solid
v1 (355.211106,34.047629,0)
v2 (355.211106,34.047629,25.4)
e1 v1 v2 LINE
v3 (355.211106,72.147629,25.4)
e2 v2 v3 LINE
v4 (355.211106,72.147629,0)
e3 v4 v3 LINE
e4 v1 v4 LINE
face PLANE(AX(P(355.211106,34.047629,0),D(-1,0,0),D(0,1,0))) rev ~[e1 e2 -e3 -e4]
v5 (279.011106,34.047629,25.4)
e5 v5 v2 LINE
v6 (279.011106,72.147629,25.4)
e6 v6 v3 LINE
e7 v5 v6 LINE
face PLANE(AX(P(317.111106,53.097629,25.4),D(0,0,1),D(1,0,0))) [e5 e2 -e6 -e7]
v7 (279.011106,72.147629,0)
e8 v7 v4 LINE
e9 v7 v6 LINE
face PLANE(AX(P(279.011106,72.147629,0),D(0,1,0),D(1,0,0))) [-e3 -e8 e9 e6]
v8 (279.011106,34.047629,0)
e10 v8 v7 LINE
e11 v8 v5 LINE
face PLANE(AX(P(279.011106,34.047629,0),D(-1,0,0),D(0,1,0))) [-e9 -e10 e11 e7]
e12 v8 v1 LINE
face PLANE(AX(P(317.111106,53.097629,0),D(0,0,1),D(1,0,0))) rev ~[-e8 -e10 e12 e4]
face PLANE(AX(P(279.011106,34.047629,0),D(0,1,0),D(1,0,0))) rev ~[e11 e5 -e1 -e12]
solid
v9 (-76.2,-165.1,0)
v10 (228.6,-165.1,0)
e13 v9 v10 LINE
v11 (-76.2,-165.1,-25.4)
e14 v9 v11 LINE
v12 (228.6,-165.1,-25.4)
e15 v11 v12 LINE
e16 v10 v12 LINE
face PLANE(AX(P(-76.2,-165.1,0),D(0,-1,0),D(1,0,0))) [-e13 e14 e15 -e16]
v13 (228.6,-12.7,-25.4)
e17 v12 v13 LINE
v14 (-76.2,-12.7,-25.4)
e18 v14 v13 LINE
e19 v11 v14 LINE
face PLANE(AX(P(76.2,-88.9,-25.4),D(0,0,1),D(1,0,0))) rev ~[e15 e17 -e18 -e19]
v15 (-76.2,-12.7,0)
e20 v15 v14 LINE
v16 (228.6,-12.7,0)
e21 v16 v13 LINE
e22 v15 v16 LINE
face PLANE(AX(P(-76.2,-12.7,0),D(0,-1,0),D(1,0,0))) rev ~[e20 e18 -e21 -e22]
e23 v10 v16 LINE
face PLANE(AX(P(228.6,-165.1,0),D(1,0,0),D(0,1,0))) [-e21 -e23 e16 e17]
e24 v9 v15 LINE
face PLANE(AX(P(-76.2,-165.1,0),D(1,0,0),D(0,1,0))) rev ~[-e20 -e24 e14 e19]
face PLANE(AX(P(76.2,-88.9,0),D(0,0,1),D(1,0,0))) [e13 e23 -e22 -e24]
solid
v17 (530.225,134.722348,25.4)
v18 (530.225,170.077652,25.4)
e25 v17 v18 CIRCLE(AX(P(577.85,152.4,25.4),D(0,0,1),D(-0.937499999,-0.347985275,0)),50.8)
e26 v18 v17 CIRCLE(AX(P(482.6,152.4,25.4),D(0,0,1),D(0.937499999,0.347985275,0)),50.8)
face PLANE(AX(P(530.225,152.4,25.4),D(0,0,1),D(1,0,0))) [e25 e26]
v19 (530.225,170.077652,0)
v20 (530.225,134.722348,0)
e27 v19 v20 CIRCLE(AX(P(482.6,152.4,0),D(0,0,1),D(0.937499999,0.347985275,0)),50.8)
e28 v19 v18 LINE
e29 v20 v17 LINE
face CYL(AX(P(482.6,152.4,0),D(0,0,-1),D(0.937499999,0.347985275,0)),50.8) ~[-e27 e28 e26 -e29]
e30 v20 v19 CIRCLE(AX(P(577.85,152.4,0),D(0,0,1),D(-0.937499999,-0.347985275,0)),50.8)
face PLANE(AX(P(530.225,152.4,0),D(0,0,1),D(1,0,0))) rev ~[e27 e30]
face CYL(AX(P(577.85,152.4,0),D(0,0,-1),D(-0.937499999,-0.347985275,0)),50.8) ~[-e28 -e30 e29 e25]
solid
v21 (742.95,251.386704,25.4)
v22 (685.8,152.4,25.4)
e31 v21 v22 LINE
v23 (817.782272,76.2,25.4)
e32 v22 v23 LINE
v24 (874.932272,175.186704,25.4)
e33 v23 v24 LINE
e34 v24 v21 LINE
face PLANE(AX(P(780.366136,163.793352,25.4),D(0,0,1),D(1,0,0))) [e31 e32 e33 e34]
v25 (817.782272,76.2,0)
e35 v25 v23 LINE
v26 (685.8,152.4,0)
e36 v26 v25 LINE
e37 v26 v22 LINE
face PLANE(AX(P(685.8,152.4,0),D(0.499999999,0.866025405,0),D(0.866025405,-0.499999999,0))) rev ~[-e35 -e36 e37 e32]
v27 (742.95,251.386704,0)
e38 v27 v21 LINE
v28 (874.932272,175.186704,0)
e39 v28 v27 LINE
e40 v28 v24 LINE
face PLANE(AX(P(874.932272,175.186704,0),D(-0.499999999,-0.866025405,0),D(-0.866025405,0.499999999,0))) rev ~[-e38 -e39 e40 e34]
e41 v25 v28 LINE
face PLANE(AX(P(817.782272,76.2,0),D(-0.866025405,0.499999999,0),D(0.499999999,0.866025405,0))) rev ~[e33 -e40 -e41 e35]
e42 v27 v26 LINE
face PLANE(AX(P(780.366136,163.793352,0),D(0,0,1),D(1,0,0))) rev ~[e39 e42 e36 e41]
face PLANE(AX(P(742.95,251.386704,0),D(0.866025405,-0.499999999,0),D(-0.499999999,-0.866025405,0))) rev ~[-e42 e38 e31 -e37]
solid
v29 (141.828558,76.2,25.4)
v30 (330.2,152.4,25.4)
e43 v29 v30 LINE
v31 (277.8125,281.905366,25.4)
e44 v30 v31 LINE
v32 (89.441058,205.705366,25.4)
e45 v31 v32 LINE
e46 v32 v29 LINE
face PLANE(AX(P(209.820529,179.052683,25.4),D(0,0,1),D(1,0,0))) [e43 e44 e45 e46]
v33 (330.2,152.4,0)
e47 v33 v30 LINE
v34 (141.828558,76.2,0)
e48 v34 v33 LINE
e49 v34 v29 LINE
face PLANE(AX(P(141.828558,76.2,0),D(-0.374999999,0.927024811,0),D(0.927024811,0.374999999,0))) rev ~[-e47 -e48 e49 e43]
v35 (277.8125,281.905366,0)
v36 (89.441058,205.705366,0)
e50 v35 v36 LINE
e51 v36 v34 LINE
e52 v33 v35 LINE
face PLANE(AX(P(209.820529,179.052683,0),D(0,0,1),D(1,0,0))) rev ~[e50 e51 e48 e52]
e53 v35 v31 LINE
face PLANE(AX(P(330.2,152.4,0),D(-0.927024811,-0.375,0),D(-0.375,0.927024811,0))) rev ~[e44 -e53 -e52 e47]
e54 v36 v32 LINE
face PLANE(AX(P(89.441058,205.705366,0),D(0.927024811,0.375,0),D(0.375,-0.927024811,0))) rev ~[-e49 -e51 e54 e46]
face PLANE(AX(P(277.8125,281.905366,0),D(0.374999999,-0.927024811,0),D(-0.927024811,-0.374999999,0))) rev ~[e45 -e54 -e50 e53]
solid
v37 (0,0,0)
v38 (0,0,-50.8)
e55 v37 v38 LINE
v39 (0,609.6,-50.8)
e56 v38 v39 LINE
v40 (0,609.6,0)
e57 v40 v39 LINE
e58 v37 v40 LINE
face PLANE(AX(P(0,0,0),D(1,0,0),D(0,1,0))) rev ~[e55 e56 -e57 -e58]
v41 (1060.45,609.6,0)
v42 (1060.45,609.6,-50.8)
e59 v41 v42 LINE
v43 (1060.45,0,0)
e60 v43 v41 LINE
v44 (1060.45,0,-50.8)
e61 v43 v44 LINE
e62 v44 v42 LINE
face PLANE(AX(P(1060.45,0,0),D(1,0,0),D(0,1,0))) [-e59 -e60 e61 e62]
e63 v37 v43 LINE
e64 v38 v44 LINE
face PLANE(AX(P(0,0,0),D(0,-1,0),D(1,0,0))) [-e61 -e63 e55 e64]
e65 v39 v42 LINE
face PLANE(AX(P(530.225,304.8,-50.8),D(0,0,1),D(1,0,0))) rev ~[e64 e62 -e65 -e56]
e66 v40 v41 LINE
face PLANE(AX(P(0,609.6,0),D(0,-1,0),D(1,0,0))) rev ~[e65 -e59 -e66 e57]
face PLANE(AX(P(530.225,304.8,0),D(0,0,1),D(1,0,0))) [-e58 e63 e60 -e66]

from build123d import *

# Parameters (mm, degrees)
F1_W     = 76.2
F1_H     = 38.1
F2_DEPTH = 25.4
F0_W     = 1060.45
F0_H     = 609.6
F3_DEPTH = 50.8
F1_W_2   = 304.8
F1_H_2   = 152.4
F4_DEPTH = 25.4


with BuildPart() as f2:
    # F1 (on face) → F2 (new body)
    with BuildSketch(Plane.XY):
        with BuildLine():
            ThreePointArc((530.225, 170.077652), (431.8, 152.4), (530.225, 134.722348))
            ThreePointArc((530.225, 134.722348), (628.65, 152.4), (530.225, 170.077652))
        make_face()
        Polygon((330.2, 152.4), (277.8125, 281.905366), (89.441058, 205.705366), (141.828558, 76.2), align=None)
        with Locations((317.111106, 53.097629)):
            Rectangle(F1_W, F1_H)
        Polygon((817.782272, 76.2), (874.932272, 175.186704), (742.95, 251.386704), (685.8, 152.4), align=None)
    extrude(amount=F2_DEPTH)


with BuildPart() as f3:
    # F0 (on Top) → F3 (new body)
    with BuildSketch(Plane.XY):
        with Locations((530.225, 304.8)):
            Rectangle(F0_W, F0_H)
    extrude(amount=-F3_DEPTH)


with BuildPart() as f4:
    # F1 (on face) → F4 (new body)
    with BuildSketch(Plane.XY):
        with Locations((76.2, -88.9)):
            Rectangle(F1_W_2, F1_H_2)
    extrude(amount=-F4_DEPTH)


solid = Compound([f2.part, f3.part, f4.part])
